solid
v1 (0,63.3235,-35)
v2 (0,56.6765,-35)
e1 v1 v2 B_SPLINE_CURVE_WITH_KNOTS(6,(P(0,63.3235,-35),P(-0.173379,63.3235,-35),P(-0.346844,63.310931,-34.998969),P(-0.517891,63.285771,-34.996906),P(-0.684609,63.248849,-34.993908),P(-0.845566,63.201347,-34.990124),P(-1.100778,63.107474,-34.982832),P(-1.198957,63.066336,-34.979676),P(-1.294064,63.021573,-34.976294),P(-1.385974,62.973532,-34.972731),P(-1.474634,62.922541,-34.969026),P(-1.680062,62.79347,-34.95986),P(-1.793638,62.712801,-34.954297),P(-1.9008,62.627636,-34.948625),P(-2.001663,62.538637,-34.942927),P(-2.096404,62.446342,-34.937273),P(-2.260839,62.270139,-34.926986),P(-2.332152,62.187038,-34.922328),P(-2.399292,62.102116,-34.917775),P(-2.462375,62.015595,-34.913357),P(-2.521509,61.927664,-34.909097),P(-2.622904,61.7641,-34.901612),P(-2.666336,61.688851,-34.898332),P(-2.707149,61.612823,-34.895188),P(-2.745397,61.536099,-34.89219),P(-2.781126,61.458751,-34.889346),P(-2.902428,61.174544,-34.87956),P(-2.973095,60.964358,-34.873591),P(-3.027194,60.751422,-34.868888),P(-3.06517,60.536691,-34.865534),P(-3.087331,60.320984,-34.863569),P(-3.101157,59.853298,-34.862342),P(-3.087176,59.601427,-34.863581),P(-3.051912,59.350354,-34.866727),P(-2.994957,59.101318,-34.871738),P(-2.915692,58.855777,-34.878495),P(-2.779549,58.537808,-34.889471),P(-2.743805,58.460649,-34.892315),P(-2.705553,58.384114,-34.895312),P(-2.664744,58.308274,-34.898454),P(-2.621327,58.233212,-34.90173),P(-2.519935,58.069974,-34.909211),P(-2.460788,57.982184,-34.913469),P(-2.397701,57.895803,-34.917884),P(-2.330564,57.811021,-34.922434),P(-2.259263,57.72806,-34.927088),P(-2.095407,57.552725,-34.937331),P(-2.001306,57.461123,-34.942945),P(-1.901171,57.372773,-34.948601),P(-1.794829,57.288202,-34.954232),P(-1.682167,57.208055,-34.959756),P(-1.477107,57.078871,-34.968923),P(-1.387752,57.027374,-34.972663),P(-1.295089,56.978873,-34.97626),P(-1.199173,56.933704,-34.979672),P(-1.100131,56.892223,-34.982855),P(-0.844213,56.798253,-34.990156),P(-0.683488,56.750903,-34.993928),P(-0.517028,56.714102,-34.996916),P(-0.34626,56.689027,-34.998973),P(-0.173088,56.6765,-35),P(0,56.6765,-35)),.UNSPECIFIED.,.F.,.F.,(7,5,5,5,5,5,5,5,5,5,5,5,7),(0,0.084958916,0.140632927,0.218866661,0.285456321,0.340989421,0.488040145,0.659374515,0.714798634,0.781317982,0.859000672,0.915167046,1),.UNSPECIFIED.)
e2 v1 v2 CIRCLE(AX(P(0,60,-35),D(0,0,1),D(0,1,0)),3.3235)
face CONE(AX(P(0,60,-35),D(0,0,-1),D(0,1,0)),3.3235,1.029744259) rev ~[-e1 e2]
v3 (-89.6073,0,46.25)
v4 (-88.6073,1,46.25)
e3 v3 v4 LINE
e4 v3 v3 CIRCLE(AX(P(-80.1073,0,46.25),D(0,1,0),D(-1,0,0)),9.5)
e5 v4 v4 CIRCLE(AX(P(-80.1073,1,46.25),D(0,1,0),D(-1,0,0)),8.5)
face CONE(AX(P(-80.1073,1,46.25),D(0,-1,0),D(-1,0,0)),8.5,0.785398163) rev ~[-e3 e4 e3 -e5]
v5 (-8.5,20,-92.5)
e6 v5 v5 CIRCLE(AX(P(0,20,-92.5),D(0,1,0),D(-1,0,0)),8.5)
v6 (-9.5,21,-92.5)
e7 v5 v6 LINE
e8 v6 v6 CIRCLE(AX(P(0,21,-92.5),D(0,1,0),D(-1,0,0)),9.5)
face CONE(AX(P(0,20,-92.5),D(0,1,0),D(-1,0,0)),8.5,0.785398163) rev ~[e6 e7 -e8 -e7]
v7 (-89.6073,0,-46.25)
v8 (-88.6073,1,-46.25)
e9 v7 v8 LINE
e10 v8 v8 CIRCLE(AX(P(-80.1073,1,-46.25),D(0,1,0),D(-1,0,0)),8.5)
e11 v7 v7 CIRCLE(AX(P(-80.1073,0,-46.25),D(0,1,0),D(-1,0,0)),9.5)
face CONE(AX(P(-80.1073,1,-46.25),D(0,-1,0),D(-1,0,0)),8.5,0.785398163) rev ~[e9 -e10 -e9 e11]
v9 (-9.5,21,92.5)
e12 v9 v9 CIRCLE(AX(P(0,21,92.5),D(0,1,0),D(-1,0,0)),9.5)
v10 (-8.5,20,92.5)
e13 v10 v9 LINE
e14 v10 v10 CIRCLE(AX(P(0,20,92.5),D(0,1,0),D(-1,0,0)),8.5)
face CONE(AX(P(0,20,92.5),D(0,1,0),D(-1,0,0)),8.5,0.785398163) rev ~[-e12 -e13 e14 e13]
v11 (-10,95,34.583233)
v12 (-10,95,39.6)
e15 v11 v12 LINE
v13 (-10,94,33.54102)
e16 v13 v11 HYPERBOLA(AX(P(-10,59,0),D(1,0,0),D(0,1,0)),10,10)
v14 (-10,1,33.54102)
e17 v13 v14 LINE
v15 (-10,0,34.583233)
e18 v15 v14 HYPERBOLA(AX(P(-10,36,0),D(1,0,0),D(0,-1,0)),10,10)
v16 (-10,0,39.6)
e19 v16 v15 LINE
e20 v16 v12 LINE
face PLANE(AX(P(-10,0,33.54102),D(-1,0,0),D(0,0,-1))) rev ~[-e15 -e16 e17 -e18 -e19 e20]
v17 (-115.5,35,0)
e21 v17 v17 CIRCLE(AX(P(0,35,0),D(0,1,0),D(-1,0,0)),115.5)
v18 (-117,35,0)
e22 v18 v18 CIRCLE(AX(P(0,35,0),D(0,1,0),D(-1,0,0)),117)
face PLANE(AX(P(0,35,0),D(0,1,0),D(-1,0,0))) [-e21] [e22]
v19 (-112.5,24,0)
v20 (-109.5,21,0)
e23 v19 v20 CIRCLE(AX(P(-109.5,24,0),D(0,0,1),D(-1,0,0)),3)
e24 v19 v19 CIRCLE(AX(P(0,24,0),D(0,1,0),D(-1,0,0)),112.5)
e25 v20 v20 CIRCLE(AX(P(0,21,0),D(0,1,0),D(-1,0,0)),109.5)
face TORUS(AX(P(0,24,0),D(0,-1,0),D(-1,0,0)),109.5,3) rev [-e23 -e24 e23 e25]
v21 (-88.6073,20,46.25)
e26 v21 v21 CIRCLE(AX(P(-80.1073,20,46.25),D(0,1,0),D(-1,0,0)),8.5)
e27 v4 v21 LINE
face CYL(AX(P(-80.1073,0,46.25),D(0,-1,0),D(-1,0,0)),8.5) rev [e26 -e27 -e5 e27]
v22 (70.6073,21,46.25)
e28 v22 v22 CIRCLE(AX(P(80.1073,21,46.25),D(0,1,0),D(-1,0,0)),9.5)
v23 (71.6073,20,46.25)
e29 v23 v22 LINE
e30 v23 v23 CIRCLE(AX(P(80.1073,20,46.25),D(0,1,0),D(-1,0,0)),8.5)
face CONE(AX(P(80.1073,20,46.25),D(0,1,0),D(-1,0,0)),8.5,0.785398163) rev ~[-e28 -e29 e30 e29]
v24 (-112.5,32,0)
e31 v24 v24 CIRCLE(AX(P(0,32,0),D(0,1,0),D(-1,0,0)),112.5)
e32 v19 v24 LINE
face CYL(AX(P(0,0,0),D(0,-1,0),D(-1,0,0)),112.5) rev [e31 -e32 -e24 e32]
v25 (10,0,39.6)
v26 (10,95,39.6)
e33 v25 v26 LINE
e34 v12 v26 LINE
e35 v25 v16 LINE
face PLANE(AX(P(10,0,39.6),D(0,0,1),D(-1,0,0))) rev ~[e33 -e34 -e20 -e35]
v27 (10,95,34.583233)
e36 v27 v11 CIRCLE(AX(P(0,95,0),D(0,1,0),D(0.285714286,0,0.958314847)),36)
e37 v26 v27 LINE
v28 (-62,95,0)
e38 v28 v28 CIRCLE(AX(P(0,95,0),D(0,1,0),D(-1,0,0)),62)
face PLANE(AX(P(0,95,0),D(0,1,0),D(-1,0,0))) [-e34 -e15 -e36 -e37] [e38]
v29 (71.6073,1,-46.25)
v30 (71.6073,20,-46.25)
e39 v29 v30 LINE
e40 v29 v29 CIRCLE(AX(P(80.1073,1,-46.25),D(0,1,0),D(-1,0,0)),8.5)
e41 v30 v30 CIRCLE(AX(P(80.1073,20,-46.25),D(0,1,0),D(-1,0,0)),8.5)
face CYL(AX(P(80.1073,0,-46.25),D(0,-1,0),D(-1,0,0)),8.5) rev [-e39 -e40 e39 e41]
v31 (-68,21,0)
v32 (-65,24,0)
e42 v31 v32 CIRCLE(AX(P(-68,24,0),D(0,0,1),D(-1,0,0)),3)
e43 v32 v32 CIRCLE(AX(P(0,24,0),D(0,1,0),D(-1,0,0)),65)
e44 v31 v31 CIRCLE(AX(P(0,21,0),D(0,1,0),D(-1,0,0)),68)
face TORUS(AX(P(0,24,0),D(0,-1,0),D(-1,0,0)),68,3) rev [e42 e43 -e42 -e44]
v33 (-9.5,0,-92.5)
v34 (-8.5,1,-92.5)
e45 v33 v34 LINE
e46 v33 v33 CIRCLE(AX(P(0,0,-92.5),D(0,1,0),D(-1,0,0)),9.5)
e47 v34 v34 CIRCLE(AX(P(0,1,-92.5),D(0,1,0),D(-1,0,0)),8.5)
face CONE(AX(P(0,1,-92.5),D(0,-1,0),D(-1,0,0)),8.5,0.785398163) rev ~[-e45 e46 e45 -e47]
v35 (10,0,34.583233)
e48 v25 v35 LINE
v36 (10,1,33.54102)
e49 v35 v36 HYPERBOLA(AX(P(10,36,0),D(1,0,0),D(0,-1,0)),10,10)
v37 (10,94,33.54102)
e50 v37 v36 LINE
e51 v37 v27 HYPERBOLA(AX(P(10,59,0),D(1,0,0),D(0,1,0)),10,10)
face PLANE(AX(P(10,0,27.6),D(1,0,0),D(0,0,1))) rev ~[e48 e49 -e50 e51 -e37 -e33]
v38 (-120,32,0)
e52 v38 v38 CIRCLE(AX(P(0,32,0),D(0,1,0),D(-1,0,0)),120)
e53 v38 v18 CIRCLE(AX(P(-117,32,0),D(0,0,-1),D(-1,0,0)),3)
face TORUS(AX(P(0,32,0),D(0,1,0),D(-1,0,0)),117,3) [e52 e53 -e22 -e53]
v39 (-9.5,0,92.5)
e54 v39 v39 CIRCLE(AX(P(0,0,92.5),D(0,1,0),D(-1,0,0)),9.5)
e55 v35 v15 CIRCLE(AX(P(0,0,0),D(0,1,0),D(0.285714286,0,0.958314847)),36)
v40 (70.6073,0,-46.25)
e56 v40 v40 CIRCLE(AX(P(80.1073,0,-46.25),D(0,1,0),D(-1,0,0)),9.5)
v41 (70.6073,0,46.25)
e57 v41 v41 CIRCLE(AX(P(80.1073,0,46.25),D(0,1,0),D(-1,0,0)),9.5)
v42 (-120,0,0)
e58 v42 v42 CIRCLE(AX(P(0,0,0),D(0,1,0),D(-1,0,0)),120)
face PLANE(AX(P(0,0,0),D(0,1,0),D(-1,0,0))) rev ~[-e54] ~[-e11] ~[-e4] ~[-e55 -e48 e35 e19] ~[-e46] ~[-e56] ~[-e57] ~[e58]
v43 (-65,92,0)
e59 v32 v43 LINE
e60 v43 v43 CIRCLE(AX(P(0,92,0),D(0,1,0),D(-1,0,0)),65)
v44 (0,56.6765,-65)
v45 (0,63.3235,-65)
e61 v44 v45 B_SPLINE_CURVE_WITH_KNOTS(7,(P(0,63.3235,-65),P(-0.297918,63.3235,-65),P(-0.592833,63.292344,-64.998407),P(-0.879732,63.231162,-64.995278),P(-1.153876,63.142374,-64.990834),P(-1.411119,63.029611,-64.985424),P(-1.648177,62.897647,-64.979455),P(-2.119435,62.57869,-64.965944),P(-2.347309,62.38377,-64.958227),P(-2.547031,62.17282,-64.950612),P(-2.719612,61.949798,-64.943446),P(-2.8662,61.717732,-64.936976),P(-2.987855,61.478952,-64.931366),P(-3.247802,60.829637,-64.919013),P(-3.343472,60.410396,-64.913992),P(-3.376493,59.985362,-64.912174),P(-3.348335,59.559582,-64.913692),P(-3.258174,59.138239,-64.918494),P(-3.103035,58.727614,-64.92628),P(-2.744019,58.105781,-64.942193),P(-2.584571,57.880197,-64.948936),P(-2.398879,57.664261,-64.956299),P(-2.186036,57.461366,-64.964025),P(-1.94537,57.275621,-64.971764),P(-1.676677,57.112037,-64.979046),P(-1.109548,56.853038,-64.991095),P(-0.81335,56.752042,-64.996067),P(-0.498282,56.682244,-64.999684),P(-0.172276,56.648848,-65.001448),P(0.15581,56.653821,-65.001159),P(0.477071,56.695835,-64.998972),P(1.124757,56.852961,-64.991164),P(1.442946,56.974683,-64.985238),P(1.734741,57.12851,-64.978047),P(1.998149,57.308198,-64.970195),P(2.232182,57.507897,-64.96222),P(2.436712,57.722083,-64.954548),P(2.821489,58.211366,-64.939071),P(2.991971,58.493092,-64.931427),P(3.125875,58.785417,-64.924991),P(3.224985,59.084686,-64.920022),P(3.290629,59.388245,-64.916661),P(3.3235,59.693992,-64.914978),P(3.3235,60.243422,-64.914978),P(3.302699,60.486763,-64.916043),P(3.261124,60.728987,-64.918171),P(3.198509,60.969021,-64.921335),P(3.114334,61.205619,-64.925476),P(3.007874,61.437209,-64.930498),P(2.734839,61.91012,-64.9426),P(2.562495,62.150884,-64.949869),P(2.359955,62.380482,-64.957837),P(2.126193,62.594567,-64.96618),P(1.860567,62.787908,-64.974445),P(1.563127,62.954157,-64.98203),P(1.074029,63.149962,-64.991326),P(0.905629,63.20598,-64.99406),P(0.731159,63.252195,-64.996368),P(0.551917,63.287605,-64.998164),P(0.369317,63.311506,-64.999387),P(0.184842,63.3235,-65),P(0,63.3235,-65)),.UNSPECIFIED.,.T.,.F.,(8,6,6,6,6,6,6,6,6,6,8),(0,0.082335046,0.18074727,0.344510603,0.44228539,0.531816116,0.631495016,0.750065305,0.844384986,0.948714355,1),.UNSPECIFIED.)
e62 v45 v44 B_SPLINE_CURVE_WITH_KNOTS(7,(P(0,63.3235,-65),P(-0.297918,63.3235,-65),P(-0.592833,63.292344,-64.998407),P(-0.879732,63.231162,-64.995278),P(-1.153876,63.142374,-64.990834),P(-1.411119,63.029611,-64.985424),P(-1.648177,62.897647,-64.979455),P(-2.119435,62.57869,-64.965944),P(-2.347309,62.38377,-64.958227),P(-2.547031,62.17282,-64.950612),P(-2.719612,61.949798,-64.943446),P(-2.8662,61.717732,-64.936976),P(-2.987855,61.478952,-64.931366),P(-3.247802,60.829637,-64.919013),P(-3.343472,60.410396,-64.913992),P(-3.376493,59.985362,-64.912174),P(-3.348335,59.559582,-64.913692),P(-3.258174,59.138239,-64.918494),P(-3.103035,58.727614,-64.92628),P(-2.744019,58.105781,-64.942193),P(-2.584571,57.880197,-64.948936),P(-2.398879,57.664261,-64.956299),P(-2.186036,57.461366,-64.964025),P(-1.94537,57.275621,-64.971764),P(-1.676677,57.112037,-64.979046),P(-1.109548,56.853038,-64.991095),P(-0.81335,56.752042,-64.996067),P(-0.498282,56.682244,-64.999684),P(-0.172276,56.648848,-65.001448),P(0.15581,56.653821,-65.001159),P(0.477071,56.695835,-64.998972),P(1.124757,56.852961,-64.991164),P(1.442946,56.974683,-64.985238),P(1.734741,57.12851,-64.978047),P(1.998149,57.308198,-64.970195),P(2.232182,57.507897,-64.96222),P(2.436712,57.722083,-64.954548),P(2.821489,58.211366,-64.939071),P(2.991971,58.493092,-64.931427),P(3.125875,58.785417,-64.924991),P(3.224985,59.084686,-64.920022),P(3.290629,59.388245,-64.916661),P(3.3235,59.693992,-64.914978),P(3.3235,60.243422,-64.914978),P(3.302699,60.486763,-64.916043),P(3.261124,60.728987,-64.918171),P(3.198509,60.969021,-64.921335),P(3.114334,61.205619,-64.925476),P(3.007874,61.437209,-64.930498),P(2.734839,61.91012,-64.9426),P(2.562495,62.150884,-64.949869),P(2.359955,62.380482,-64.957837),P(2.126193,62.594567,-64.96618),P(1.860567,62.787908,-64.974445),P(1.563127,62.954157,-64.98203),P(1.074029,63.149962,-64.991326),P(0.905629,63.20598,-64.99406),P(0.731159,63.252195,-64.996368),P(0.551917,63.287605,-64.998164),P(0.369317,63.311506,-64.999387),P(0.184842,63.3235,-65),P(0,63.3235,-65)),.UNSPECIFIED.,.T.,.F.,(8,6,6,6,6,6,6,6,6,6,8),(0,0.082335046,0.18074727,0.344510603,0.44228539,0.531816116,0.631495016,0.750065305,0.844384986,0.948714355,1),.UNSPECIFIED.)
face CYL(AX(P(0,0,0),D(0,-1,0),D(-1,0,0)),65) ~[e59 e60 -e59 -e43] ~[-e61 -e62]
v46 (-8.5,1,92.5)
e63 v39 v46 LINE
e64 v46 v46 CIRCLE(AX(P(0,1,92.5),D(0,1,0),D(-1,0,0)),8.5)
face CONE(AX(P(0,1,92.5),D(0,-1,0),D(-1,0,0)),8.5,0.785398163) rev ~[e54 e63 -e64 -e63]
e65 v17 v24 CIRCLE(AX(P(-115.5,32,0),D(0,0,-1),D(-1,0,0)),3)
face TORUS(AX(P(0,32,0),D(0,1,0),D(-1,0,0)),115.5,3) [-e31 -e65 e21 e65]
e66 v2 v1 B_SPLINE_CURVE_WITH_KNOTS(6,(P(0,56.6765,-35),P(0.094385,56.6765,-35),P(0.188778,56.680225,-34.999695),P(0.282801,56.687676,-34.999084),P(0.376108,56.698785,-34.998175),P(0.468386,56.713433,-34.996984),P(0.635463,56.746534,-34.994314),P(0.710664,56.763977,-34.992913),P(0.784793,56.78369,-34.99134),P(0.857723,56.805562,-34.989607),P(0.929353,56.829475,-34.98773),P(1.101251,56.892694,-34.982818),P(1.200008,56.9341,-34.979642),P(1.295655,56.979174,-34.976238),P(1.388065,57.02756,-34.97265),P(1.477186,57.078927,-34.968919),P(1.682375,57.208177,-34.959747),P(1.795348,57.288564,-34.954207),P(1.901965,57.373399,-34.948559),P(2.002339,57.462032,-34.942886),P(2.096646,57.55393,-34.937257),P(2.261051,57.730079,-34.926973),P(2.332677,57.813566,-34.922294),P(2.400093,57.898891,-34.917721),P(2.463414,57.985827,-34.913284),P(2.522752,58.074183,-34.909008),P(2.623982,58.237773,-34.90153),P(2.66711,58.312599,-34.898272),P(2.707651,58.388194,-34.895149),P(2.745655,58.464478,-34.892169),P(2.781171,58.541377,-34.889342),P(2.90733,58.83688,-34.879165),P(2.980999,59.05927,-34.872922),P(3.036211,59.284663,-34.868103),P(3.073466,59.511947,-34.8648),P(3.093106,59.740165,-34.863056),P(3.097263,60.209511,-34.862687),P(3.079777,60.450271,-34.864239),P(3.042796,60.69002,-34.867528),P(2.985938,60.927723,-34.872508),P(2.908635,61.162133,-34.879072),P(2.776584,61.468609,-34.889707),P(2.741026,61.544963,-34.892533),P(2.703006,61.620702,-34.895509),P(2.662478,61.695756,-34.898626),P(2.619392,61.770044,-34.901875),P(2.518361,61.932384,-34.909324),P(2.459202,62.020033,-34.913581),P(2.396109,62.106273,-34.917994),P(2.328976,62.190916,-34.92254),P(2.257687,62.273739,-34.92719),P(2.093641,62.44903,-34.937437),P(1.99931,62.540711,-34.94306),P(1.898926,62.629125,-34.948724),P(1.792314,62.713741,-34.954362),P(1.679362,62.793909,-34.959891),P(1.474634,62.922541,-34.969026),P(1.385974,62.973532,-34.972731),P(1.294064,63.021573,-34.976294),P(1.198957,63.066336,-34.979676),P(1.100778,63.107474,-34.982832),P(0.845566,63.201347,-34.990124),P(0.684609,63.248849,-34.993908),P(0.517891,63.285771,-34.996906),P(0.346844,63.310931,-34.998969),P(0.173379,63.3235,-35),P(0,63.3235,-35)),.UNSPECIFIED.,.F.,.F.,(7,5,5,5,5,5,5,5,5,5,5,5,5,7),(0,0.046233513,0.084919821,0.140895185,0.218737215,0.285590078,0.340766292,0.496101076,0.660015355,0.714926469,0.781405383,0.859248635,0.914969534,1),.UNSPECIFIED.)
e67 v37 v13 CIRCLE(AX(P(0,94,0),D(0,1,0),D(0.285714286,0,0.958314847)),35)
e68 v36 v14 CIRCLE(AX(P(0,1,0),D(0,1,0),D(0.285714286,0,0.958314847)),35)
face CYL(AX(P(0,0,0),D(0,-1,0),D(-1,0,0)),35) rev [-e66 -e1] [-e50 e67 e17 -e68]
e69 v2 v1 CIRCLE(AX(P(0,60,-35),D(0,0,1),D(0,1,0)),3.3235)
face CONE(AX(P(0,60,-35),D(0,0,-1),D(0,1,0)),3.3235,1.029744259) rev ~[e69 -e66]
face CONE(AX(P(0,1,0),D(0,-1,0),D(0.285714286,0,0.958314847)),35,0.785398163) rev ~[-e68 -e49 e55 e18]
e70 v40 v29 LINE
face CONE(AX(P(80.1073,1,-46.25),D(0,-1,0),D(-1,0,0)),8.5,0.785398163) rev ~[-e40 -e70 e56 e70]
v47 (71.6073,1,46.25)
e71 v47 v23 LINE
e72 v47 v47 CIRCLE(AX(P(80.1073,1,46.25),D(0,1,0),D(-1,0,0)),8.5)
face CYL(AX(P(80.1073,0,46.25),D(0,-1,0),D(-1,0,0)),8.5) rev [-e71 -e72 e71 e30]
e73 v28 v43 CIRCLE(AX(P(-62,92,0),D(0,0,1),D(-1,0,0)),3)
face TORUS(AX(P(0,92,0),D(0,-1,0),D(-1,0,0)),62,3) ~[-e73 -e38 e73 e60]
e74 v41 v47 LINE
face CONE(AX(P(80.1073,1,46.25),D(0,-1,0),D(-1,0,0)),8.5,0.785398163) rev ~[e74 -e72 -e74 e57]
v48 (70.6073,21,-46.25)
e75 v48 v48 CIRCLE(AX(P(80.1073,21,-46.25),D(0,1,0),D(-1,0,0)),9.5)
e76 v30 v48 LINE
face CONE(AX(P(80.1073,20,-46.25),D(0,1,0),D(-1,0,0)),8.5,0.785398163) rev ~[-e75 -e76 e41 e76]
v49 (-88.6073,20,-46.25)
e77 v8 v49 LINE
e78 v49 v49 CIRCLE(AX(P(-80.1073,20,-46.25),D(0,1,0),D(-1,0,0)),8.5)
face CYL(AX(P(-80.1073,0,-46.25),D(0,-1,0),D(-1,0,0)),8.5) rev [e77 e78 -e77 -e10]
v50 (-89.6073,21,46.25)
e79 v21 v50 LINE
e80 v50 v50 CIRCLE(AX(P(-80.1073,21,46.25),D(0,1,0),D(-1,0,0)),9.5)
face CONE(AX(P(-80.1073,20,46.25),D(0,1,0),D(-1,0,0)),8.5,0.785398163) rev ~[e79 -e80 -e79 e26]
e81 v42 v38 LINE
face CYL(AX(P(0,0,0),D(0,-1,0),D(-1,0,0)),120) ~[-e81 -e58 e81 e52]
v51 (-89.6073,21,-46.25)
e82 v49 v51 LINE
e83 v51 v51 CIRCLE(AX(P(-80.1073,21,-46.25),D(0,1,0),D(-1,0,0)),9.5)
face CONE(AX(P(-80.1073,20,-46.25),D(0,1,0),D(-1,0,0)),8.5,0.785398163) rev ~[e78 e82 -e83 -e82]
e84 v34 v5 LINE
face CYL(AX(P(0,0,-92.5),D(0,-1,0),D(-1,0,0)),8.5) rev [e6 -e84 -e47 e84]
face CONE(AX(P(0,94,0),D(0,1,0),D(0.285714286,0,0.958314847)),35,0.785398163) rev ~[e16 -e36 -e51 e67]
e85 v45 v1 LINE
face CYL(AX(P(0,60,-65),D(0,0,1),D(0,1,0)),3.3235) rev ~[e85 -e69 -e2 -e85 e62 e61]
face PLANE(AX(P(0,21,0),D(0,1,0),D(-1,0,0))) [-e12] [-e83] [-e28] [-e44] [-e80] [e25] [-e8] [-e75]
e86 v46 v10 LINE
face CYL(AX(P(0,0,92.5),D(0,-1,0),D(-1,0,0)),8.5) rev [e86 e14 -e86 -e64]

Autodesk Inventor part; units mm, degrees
ref_plane "YZ Plane" through (0, 0, 0) normal (1, 0, 0) x (0, 1, 0)
ref_plane "XZ Plane" through (0, 0, 0) normal (0, 1, 0) x (-1, 0, 0)
ref_plane "XY Plane" through (0, 0, 0) normal (0, 0, 1) x (1, 0, 0)
sketch "Náčrt1" plane through (0, 0, 0) normal (0, 1, 0) x (-1, 0, 0)
  circle A0 centre (0, 0) radius 120
  circle A1 centre (0, 0) radius 112.5
  circle A2 centre (0, 0) radius 35
  circle A3 centre (0, 0) radius 65
  circle A4 centre (0, -92.5) radius 8.5
  line L0 (0, -65) -> (0, -92.5) construction
  circle A5 centre (80.1073, -46.25) radius 8.5
  circle A6 centre (80.1073, 46.25) radius 8.5
  circle A7 centre (0, 92.5) radius 8.5
  circle A8 centre (-80.1073, 46.25) radius 8.5
  circle A9 centre (-80.1073, -46.25) radius 8.5
  dimension "d3" = 130
  dimension "d0" = 240
  dimension "d1" = 225
  dimension "d2" = 70
  dimension "d59" = 17
  dimension "d61" = 27.5
  dimension "d64" = 360
  dimension "d67" = 185
extrude "Vysunutí1" add sketch "Náčrt1" along normal blind 95 contours A3
extrude "Vysunutí2" add sketch "Náčrt1" along normal blind 21 contours A1
extrude "Vysunutí3" add sketch "Náčrt1" along normal blind 35 contours A0
sketch "Náčrt3" plane through (0, 0, 0) normal (0, -1, 0) x (1, 0, 0)
  circle A0 centre (0, 0) radius 35 projected
  line L0 (10, 39.6) -> (-10, 39.6)
  line L1 (-10, 39.6) -> (-10, 27.6)
  line L2 (-10, 27.6) -> (10, 27.6)
  line L3 (10, 27.6) -> (10, 39.6)
  point P0 (0, 35)
  point P1 (0, 39.6)
  point P2 (0, 27.6)
  point P3 (10, 33.541)
  point P4 (-10, 33.541)
  dimension "d99" = 20
  dimension "d100" = 12
  dimension "d101" = 4.6
  dimension "d102" = 27.6
  dimension "d103" = 7.4
extrude "Vysunutí5" cut sketch "Náčrt3" against normal through all contours L3 L2 L1 A0 | A0 L1 L0 L3 picked at (-1.1251, 30.0123)
fillet "Fillet1" radius 3 5 edges at (112.5, 21, 0) (65, 21, 0) (112.5, 35, 0) (120, 35, 0) (65, 95, 0)
ref_plane "Work Plane3" through (0, 0, -65) normal (0, 0, -1) x (-1, 0, 0)
chamfer "Zkosení1" distance 1 angle 45 14 edges at (0, 95, -35) (0, 0, -35) (-71.6073, 21, -46.25) (-71.6073, 21, 46.25) (88.6073, 21, 46.25) (8.5, 21, 92.5) (88.6073, 21, -46.25) (8.5, 21, -92.5) (8.5, 0, 92.5) (88.6073, 0, 46.25) (88.6073, 0, -46.25) (8.5, 0, -92.5) (-71.6073, 0, -46.25) (-71.6073, 0, 46.25)
sketch "Sketch12" plane through (0, 0, -65) normal (0, 0, -1) x (-1, 0, 0)
  circle A0 centre (0, 60) radius 4
  line L0 (120, 0) -> (-120, 0) projected
  line L1 (10, 94) -> (10, 1) projected
  point P0 (0, 0)
  dimension "d123" = 8
  dimension "d124" = 60
  dimension "d125" = 10
hole "Hole1" at (0, 60, -65) direction (0, 0, 1) diameter 6.647 depth 30 tip angle 118 thread size "M8x1.25" class "6H" standard "ISO Metric profile"
sketch "Sketch13" plane through (0, 0, 0) normal (0, -1, 0) x (1, 0, 0)
  line L0 (0, 0) -> (-125, 0)
  line L1 (-125, 0) -> (-125, -125)
  line L2 (-125, -125) -> (0, -125)
  line L3 (0, -125) -> (0, 0)
  dimension "d133" = 125
  dimension "d134" = 125
extrude "Extrusion14" [suppressed]
properties part number "S2spojkav3" material "42 2420"
